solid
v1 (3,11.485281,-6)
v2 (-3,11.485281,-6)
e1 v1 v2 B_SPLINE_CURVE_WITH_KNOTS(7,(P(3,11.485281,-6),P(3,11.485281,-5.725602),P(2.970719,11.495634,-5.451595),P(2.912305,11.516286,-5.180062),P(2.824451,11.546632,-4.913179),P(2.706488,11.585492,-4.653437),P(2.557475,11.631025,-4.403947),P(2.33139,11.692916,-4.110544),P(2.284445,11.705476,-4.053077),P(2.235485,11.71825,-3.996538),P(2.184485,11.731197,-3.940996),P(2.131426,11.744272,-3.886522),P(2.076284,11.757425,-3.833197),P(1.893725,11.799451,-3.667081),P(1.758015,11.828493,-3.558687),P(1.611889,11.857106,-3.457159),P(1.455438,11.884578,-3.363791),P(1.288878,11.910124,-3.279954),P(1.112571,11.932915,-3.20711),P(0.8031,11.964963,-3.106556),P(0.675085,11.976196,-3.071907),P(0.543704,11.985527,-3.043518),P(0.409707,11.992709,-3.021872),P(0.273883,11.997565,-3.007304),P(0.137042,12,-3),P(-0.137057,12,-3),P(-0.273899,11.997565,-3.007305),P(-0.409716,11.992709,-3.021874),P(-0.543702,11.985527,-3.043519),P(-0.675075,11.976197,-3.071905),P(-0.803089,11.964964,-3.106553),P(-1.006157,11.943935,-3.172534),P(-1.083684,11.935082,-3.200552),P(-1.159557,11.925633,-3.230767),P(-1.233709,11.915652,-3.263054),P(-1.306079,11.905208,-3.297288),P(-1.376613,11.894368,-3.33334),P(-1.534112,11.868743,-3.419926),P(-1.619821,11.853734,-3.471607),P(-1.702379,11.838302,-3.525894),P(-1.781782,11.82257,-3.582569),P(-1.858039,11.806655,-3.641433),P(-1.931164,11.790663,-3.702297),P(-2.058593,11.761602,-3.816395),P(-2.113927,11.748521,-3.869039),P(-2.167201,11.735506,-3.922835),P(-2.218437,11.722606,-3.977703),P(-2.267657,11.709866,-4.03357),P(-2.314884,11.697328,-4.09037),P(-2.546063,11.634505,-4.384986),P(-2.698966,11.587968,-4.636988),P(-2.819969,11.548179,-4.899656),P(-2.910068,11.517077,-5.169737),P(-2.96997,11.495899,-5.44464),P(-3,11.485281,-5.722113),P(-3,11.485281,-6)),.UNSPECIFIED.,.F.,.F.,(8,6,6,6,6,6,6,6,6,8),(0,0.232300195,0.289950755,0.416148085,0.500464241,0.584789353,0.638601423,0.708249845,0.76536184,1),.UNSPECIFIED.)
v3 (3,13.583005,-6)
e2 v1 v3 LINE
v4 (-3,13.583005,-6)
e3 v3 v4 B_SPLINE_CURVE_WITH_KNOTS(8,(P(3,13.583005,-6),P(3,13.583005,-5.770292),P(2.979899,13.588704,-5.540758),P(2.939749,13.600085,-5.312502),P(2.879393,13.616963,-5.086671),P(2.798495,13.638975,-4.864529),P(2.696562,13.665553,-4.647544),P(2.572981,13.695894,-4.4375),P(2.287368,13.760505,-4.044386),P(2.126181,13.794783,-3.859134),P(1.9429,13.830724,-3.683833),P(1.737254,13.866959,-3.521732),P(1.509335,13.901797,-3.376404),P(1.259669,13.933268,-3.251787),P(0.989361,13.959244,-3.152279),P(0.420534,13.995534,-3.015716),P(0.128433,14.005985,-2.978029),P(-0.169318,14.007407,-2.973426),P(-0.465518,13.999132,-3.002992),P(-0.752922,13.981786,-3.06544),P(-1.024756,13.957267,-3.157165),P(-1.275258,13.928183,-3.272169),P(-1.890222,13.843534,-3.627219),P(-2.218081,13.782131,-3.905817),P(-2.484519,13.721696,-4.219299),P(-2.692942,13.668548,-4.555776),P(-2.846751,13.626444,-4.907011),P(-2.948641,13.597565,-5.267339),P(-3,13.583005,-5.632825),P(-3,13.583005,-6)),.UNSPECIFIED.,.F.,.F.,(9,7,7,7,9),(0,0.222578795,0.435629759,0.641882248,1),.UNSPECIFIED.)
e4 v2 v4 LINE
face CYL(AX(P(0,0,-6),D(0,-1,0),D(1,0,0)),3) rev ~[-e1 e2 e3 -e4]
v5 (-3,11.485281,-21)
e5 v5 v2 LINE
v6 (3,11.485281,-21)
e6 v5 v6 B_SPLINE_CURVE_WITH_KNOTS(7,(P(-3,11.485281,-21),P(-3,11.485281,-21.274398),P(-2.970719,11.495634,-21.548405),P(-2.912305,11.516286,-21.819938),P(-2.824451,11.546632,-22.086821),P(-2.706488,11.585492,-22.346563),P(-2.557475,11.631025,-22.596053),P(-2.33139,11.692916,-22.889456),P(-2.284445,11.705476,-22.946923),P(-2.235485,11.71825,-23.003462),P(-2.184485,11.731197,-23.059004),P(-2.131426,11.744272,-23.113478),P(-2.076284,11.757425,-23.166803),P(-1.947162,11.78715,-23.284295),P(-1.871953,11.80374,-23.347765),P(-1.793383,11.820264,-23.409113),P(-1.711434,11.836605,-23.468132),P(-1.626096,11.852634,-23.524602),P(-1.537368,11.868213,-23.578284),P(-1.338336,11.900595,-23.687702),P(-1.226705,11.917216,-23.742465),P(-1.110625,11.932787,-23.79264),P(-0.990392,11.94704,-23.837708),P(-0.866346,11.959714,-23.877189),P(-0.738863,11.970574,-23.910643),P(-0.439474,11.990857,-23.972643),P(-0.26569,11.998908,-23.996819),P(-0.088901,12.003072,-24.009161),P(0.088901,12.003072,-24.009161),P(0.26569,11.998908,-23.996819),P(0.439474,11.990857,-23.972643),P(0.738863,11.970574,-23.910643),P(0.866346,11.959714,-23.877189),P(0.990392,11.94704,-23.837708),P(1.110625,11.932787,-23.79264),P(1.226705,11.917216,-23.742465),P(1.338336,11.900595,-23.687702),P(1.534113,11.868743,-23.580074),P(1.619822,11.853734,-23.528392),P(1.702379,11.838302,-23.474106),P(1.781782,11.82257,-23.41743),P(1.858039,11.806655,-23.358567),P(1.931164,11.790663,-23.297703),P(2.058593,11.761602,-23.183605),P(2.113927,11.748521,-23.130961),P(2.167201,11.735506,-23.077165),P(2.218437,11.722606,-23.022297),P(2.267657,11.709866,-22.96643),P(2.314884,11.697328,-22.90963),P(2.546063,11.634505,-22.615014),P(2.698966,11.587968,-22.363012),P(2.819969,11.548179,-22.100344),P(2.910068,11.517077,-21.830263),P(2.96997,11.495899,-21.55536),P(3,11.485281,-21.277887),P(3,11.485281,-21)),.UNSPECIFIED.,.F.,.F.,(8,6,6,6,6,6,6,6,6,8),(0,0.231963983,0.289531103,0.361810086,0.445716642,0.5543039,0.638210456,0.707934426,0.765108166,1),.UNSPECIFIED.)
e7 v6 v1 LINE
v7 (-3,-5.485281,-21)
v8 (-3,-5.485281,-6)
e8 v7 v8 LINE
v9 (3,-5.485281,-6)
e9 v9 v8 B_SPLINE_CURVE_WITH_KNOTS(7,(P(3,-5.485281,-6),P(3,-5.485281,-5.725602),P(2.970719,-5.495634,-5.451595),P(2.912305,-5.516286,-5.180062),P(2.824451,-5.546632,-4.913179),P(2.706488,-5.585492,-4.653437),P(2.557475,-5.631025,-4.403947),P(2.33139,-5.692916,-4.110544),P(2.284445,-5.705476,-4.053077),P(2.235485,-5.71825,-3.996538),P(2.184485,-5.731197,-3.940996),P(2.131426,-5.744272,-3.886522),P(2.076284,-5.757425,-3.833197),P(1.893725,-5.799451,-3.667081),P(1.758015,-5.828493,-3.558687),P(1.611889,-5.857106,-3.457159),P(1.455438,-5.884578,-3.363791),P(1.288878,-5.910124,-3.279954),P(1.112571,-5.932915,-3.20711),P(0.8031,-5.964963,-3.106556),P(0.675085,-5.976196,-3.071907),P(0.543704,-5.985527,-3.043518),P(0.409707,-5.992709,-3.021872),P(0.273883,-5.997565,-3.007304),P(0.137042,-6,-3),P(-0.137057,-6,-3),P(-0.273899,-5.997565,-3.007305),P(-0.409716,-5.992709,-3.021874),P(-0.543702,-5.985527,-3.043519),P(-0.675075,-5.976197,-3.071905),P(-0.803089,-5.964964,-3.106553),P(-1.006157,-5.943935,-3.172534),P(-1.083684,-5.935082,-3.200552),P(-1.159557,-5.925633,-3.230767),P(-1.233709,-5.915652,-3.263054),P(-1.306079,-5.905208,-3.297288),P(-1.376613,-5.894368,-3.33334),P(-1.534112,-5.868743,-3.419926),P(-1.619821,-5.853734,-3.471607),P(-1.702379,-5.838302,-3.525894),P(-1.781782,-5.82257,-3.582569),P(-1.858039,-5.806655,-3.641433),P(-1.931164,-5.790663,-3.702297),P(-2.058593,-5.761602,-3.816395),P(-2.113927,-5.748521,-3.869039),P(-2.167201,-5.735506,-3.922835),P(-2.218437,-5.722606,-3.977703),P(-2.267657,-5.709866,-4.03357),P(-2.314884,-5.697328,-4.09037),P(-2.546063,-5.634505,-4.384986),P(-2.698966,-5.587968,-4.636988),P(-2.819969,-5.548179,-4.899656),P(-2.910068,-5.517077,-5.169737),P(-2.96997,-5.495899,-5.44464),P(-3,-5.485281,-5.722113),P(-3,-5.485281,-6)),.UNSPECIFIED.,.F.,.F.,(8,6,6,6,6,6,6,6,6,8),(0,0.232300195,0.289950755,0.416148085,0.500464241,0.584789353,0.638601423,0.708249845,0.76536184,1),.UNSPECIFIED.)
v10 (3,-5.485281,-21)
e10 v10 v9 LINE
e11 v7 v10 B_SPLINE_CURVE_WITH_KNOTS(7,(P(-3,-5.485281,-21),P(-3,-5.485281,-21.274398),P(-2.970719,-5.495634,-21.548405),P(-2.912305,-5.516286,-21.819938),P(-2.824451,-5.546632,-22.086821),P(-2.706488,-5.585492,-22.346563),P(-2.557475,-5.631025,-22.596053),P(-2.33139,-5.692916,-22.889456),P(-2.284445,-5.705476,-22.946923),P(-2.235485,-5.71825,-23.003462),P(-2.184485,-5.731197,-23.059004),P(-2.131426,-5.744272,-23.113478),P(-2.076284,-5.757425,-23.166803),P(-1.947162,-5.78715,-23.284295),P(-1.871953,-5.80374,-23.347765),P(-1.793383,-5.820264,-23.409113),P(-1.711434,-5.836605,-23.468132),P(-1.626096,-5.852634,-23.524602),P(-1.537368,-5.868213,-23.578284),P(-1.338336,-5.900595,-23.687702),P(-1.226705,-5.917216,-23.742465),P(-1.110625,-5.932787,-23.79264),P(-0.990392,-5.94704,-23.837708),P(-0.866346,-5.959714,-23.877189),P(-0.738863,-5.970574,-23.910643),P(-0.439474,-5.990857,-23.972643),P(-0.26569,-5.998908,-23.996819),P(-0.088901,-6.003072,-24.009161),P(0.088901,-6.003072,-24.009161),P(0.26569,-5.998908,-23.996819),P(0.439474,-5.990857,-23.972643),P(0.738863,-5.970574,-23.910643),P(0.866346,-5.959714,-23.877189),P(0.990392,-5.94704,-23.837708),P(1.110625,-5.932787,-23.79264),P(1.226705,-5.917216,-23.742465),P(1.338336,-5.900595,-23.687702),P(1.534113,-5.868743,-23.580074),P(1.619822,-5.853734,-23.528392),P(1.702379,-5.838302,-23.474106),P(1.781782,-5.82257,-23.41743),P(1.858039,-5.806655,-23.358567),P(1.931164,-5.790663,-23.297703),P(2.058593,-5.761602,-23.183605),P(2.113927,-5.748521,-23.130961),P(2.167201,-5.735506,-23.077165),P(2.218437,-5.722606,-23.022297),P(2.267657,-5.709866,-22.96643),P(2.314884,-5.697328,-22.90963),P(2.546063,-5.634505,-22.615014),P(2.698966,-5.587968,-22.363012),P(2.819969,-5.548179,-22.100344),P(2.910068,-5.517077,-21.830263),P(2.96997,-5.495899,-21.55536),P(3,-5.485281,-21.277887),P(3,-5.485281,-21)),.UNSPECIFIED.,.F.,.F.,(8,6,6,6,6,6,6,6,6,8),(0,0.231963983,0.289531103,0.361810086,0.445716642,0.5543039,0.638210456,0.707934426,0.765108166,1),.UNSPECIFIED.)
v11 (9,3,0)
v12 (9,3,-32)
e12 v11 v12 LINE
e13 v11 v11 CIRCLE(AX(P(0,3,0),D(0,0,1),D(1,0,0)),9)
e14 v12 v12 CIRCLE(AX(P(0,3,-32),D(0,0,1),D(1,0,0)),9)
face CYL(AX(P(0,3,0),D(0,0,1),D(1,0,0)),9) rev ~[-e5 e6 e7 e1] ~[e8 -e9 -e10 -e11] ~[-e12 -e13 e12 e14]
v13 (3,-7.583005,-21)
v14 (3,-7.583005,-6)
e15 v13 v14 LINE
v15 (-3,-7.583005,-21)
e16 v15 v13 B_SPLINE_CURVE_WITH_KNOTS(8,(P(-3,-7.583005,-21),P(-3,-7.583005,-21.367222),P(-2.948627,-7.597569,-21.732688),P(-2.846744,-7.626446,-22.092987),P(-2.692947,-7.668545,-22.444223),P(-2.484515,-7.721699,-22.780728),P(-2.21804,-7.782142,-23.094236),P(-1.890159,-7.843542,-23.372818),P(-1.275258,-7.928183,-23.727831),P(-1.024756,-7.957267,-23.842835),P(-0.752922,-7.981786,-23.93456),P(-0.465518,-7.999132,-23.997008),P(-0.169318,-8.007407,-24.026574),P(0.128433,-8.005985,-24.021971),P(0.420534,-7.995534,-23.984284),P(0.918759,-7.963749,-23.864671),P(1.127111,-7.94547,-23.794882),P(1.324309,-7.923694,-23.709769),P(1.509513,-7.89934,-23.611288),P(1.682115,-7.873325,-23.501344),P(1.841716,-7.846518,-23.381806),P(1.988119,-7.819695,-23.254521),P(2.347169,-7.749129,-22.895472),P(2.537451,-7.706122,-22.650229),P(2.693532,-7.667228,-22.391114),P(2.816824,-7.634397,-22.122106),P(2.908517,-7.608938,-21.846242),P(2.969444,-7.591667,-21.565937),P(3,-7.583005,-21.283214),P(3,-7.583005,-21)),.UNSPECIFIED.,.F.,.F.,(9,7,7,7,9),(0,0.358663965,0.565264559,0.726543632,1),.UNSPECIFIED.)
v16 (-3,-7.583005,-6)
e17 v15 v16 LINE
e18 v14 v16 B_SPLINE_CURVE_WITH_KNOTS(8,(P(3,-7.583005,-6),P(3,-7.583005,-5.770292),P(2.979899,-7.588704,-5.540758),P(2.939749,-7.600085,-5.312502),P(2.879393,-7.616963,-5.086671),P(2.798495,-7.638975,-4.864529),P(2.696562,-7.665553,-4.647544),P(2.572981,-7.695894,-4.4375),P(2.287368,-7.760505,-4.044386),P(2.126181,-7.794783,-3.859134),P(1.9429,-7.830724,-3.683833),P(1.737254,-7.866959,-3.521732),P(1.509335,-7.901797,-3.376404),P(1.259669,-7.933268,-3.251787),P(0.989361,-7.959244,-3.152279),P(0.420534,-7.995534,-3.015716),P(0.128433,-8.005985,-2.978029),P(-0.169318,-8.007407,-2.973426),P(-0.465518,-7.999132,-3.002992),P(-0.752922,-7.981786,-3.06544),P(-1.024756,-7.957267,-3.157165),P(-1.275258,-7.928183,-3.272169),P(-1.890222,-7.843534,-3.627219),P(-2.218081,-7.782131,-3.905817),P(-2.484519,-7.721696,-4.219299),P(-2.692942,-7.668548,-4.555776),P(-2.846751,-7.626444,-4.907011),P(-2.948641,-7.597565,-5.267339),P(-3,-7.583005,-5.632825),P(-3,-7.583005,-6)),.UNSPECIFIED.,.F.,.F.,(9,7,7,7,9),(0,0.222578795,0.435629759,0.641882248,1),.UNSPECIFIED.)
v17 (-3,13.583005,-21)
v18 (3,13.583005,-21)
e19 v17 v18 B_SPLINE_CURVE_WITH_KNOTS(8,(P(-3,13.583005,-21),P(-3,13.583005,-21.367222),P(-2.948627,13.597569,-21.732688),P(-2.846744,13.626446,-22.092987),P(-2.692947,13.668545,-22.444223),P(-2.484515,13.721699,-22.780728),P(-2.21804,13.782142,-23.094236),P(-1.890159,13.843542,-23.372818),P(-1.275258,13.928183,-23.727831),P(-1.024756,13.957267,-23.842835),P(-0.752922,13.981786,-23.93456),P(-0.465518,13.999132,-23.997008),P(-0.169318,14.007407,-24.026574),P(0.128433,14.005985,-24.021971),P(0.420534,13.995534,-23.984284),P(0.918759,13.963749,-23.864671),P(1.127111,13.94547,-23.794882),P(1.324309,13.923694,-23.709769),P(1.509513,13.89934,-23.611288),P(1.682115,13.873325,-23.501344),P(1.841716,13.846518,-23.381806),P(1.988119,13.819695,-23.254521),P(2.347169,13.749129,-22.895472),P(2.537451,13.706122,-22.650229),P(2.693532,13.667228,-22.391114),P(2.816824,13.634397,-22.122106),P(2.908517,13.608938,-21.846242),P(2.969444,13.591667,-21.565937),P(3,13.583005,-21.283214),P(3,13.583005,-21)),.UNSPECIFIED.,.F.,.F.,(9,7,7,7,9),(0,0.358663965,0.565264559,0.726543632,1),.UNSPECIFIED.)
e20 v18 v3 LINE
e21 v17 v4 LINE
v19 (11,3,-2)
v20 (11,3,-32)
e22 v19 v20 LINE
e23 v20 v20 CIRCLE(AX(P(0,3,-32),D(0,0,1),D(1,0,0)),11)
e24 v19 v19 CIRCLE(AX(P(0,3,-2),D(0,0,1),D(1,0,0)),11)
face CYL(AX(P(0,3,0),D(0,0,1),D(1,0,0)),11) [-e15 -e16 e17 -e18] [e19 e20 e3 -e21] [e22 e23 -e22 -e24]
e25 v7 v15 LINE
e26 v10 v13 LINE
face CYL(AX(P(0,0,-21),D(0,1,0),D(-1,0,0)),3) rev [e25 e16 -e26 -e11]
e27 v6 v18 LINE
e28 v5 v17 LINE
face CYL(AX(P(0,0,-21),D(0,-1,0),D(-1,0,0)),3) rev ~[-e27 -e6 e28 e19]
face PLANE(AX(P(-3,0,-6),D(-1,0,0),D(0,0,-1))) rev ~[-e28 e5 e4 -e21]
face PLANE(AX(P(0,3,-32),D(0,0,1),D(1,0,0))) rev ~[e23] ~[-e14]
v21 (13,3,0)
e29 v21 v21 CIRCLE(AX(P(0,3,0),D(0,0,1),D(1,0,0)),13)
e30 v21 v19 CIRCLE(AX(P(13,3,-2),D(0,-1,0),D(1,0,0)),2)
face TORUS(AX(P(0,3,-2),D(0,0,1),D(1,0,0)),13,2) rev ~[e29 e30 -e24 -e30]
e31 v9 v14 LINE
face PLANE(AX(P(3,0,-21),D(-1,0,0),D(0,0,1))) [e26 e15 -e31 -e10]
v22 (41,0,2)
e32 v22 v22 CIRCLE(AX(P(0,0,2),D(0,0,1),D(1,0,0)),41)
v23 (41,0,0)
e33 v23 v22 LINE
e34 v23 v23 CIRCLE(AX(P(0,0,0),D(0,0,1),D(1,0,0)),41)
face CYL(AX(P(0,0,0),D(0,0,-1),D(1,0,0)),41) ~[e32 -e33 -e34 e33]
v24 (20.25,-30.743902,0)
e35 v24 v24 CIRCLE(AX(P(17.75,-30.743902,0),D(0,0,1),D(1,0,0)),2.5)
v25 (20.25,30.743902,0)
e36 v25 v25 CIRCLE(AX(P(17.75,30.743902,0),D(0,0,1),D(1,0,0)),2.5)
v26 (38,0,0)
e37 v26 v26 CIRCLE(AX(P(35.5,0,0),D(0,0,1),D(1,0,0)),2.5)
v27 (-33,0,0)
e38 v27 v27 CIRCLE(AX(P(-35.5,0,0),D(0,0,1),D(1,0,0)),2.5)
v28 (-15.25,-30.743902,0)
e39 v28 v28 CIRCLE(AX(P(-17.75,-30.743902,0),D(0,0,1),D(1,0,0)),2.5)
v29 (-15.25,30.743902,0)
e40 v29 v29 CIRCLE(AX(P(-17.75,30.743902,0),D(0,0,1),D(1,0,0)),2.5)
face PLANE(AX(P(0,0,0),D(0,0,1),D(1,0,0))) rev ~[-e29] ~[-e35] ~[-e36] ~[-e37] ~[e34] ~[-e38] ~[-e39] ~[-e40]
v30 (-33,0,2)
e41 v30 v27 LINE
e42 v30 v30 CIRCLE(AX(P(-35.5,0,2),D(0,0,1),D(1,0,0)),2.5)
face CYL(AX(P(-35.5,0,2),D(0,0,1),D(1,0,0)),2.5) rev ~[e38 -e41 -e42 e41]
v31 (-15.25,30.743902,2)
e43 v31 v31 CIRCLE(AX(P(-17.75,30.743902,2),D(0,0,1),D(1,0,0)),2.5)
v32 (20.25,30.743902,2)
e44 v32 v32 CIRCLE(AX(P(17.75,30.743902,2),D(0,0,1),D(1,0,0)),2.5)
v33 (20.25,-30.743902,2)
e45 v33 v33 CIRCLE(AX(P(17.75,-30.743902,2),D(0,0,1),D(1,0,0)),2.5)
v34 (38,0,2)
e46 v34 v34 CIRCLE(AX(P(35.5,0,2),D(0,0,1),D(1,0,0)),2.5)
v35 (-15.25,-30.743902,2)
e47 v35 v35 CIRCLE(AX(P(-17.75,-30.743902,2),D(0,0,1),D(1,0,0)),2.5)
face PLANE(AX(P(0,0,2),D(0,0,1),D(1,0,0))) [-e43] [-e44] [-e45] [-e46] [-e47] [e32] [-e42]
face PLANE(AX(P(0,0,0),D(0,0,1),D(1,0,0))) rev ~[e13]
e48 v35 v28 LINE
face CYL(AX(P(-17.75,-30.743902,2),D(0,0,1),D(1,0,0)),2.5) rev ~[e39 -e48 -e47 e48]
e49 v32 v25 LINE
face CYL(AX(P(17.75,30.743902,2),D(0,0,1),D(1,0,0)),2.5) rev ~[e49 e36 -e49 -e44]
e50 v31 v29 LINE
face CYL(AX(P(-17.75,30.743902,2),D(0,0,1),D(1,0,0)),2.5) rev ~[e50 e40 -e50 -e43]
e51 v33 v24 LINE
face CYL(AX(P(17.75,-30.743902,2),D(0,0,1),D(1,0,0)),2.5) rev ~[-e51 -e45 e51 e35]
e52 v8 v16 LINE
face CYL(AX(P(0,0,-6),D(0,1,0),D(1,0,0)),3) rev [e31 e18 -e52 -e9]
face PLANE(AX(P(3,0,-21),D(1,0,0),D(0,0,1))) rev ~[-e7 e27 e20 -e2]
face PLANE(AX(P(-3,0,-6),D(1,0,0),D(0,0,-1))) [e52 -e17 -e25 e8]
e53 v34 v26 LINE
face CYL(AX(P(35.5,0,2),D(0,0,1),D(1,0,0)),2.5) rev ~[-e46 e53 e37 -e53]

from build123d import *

# Parameters (mm, degrees)
SKETCH1_R               = 11
SKETCH1_R_2             = 9
BOSS_EXTRUDE1_DEPTH     = 32
CUT_EXTRUDE1_DEPTH      = 15
CUT_EXTRUDE1_DEPTH_BACK = 9
SKETCH3_R               = 41
BOSS_EXTRUDE2_DEPTH     = 2
FILLET1_R               = 2
SKETCH4_R               = 2.5
CUT_EXTRUDE2_DEPTH      = 2


with BuildPart() as part:
    # Sketch1 → Boss-Extrude1 (new body)
    with BuildSketch(Plane.XY):
        with Locations((0, 3)):
            Circle(SKETCH1_R)
        with Locations((0, 3)):
            Circle(SKETCH1_R_2, mode=Mode.SUBTRACT)
    extrude(amount=-BOSS_EXTRUDE1_DEPTH)

    # Sketch2 → Cut-Extrude1 (cut, two sides)
    with BuildSketch(Plane(origin=(0, 0, 0), x_dir=(1, 0, 0), z_dir=(0, 1, 0))) as cut_extrude1_sk:
        with BuildLine():
            Line((3, 21), (3, 6))
            ThreePointArc((3, 6), (0, 3), (-3, 6))
            Line((-3, 6), (-3, 21))
            ThreePointArc((-3, 21), (0, 24), (3, 21))
        make_face()
    extrude(amount=CUT_EXTRUDE1_DEPTH, mode=Mode.SUBTRACT)
    extrude(cut_extrude1_sk.sketch, amount=-CUT_EXTRUDE1_DEPTH_BACK, mode=Mode.SUBTRACT)

    # Sketch3 → Boss-Extrude2 (add)
    with BuildSketch(Plane.XY):
        Circle(SKETCH3_R)
    extrude(amount=BOSS_EXTRUDE2_DEPTH)

    # Fillet1
    fillet1_edges = [part.edges().sort_by_distance(p)[0] for p in [
        (-11, 3, 0),
    ]]
    fillet(fillet1_edges, radius=FILLET1_R)

    # Sketch4 → Cut-Extrude2 (cut)
    with BuildSketch(Plane.XY.offset(2)):
        with Locations((35.5, 0)):
            Circle(SKETCH4_R)
        with Locations((17.75, -30.743901834)):
            Circle(SKETCH4_R)
        with Locations((-17.75, -30.743901834)):
            Circle(SKETCH4_R)
        with Locations((-35.5, 0)):
            Circle(SKETCH4_R)
        with Locations((-17.75, 30.743901834)):
            Circle(SKETCH4_R)
        with Locations((17.75, 30.743901834)):
            Circle(SKETCH4_R)
    extrude(amount=-CUT_EXTRUDE2_DEPTH, mode=Mode.SUBTRACT)


solid = part.part
